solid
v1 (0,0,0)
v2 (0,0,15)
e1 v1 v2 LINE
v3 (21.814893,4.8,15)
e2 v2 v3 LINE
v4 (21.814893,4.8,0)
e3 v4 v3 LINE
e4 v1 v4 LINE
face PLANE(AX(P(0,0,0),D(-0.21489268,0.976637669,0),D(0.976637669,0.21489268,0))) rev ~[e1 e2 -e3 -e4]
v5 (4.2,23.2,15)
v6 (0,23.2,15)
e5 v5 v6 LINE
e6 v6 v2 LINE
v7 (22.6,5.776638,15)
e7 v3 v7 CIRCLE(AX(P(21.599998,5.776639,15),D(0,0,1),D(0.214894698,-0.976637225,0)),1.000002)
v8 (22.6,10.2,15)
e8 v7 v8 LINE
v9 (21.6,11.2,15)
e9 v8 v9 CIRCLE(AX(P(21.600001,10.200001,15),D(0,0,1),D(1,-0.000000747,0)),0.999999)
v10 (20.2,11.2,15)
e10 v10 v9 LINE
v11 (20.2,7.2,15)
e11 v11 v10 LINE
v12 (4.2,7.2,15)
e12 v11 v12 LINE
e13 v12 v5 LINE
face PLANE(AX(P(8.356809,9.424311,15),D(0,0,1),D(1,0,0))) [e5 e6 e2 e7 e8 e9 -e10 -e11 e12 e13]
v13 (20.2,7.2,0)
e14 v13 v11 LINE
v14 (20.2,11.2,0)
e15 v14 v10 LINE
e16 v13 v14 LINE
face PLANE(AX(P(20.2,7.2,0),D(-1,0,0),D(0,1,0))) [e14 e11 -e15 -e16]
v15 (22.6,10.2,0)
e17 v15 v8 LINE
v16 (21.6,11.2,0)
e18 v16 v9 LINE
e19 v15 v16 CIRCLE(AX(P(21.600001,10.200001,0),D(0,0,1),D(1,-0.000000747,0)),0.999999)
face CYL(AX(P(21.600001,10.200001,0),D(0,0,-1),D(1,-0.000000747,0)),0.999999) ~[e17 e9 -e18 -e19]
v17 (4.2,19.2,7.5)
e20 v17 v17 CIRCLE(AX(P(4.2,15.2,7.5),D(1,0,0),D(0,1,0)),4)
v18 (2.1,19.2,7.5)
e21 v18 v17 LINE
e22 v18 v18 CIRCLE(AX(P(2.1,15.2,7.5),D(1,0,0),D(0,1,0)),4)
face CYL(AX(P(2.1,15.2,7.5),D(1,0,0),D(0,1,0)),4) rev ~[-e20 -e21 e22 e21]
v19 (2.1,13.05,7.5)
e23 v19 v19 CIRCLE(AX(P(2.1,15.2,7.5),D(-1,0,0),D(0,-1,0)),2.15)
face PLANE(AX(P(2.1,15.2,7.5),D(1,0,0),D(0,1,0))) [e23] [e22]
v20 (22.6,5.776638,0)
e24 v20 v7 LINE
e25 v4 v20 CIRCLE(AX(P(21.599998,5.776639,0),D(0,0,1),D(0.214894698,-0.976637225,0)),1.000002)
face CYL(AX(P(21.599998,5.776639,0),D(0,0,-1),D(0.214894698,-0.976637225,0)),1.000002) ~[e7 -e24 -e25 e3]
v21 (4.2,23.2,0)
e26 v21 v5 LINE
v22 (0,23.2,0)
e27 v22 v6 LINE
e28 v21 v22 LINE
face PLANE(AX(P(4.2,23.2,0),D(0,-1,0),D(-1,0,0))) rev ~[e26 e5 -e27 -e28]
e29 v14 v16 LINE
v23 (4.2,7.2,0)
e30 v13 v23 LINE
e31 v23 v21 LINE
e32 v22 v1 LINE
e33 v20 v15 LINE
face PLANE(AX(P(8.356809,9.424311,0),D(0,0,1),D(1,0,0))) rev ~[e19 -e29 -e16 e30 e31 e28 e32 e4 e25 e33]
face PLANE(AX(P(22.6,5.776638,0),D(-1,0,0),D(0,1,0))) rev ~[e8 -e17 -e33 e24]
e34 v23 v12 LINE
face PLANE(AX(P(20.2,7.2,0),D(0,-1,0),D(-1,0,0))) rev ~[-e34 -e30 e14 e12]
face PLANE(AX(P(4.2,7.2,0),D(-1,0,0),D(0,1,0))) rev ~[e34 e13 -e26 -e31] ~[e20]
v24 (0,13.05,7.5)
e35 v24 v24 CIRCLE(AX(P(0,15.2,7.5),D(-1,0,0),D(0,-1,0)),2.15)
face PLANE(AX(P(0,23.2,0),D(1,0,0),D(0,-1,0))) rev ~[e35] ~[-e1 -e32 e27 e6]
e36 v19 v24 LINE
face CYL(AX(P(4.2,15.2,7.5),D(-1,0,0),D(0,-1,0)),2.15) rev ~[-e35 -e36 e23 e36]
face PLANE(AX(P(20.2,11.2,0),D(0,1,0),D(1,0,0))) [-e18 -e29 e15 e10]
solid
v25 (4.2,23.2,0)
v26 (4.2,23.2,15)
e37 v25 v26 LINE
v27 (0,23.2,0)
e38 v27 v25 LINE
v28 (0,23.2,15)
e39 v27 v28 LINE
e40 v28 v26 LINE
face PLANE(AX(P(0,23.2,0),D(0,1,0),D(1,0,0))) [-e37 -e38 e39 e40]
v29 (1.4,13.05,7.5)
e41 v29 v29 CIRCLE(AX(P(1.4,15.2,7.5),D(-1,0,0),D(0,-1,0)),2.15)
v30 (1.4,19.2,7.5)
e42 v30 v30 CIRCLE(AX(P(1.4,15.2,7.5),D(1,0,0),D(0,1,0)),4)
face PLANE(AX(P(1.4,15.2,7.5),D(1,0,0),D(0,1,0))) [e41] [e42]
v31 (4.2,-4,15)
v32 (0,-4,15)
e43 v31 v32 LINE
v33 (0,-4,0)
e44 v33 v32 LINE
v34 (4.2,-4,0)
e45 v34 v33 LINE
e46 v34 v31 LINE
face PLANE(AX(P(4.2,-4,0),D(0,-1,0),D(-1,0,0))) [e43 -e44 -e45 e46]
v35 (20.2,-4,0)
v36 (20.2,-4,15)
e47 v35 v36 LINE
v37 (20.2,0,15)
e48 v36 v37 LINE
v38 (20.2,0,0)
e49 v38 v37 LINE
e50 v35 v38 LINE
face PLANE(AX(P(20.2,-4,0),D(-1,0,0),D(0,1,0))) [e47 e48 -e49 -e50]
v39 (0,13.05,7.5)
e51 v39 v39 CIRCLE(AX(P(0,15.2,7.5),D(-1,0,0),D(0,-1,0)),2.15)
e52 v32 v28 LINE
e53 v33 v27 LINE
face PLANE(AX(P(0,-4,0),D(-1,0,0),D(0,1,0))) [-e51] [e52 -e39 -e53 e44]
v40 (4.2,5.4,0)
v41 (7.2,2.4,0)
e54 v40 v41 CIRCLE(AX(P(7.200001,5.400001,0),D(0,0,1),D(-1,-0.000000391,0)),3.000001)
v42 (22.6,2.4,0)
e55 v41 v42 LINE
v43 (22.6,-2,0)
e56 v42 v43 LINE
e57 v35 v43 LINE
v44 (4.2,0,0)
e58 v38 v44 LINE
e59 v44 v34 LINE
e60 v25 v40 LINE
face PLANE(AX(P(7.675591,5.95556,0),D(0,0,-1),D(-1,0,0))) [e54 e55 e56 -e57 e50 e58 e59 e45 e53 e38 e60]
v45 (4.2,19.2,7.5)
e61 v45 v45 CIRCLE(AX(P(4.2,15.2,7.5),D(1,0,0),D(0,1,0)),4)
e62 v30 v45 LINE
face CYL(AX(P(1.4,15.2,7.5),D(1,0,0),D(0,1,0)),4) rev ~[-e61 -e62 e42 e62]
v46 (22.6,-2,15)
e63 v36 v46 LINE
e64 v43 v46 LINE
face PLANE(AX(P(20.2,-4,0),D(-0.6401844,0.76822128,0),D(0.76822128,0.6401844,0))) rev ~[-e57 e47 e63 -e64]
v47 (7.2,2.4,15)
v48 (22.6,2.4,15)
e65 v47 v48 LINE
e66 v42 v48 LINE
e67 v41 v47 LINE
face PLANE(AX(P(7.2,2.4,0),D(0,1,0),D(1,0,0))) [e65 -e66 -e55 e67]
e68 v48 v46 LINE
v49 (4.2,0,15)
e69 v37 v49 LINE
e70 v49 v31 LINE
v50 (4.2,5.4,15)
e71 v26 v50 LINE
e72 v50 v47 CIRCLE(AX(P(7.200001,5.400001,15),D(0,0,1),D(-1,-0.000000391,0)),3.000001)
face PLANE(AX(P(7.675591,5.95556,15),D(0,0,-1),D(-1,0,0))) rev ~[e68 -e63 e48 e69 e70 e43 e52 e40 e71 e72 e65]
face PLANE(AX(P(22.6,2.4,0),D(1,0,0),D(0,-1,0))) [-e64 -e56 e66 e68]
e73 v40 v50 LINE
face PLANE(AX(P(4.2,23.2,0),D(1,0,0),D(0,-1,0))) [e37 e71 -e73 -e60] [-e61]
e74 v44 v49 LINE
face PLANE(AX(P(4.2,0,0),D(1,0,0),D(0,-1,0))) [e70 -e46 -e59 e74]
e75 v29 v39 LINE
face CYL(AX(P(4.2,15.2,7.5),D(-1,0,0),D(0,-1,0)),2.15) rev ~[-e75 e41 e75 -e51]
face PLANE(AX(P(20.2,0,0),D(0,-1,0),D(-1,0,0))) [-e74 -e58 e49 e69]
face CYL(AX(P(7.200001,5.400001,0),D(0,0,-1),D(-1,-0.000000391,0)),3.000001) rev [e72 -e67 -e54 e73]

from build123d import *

# Parameters (mm, degrees)
PAD_DEPTH           = 15
HOLE_D              = 4.3
HOLE_DEPTH          = 25
HOLE_CBORE_D        = 8
HOLE_CBORE_DEPTH    = 2.1
PAD001_DEPTH        = 15
HOLE001_D           = 4.3
HOLE001_DEPTH       = 25
HOLE001_CBORE_D     = 8
HOLE001_CBORE_DEPTH = 2.8


with BuildPart() as bottom:
    # Sketch002 → Pad (new body)
    with BuildSketch(Plane.XY):
        with BuildLine():
            Line((0, 0), (21.814893, 4.8))
            ThreePointArc((21.814893, 4.8), (22.379388, 5.150097), (22.6, 5.776638))
            Line((22.6, 5.776638), (22.6, 10.2))
            ThreePointArc((22.6, 10.2), (22.307107, 10.907107), (21.6, 11.2))
            Line((20.2, 11.2), (21.6, 11.2))
            Line((20.2, 7.2), (20.2, 11.2))
            Line((20.2, 7.2), (4.2, 7.2))
            Line((4.2, 7.2), (4.2, 23.2))
            Line((4.2, 23.2), (0, 23.2))
            Line((0, 23.2), (0, 0))
        make_face()
    extrude(amount=PAD_DEPTH)

    # Hole
    with Locations(Plane.YZ.offset(4.2)):
        with Locations((15.2, 7.5)):
            CounterBoreHole(HOLE_D / 2, HOLE_CBORE_D / 2, HOLE_CBORE_DEPTH, depth=HOLE_DEPTH)


with BuildPart() as top:
    # Sketch → Pad001 (new body)
    with BuildSketch(Plane.XY):
        with BuildLine():
            Line((0, 0), (0, 23.2))
            Line((0, 23.2), (4.2, 23.2))
            Line((4.2, 23.2), (4.2, 5.4))
            ThreePointArc((4.2, 5.4), (5.07868, 3.27868), (7.2, 2.4))
            Line((7.2, 2.4), (22.6, 2.4))
            Line((22.6, 2.4), (22.6, 0))
            Line((22.6, 0), (22.6, -2))
            Line((20.2, -4), (22.6, -2))
            Line((20.2, -4), (20.2, 0))
            Line((20.2, 0), (4.2, 0))
            Line((4.2, 0), (4.2, -4))
            Line((4.2, -4), (0, -4))
            Line((0, -4), (0, 0))
        make_face()
    extrude(amount=PAD001_DEPTH)

    # Hole001
    with Locations(Plane.YZ.offset(4.2)):
        with Locations((15.2, 7.5)):
            CounterBoreHole(HOLE001_D / 2, HOLE001_CBORE_D / 2, HOLE001_CBORE_DEPTH, depth=HOLE001_DEPTH)


solid = Compound([bottom.part, top.part])
